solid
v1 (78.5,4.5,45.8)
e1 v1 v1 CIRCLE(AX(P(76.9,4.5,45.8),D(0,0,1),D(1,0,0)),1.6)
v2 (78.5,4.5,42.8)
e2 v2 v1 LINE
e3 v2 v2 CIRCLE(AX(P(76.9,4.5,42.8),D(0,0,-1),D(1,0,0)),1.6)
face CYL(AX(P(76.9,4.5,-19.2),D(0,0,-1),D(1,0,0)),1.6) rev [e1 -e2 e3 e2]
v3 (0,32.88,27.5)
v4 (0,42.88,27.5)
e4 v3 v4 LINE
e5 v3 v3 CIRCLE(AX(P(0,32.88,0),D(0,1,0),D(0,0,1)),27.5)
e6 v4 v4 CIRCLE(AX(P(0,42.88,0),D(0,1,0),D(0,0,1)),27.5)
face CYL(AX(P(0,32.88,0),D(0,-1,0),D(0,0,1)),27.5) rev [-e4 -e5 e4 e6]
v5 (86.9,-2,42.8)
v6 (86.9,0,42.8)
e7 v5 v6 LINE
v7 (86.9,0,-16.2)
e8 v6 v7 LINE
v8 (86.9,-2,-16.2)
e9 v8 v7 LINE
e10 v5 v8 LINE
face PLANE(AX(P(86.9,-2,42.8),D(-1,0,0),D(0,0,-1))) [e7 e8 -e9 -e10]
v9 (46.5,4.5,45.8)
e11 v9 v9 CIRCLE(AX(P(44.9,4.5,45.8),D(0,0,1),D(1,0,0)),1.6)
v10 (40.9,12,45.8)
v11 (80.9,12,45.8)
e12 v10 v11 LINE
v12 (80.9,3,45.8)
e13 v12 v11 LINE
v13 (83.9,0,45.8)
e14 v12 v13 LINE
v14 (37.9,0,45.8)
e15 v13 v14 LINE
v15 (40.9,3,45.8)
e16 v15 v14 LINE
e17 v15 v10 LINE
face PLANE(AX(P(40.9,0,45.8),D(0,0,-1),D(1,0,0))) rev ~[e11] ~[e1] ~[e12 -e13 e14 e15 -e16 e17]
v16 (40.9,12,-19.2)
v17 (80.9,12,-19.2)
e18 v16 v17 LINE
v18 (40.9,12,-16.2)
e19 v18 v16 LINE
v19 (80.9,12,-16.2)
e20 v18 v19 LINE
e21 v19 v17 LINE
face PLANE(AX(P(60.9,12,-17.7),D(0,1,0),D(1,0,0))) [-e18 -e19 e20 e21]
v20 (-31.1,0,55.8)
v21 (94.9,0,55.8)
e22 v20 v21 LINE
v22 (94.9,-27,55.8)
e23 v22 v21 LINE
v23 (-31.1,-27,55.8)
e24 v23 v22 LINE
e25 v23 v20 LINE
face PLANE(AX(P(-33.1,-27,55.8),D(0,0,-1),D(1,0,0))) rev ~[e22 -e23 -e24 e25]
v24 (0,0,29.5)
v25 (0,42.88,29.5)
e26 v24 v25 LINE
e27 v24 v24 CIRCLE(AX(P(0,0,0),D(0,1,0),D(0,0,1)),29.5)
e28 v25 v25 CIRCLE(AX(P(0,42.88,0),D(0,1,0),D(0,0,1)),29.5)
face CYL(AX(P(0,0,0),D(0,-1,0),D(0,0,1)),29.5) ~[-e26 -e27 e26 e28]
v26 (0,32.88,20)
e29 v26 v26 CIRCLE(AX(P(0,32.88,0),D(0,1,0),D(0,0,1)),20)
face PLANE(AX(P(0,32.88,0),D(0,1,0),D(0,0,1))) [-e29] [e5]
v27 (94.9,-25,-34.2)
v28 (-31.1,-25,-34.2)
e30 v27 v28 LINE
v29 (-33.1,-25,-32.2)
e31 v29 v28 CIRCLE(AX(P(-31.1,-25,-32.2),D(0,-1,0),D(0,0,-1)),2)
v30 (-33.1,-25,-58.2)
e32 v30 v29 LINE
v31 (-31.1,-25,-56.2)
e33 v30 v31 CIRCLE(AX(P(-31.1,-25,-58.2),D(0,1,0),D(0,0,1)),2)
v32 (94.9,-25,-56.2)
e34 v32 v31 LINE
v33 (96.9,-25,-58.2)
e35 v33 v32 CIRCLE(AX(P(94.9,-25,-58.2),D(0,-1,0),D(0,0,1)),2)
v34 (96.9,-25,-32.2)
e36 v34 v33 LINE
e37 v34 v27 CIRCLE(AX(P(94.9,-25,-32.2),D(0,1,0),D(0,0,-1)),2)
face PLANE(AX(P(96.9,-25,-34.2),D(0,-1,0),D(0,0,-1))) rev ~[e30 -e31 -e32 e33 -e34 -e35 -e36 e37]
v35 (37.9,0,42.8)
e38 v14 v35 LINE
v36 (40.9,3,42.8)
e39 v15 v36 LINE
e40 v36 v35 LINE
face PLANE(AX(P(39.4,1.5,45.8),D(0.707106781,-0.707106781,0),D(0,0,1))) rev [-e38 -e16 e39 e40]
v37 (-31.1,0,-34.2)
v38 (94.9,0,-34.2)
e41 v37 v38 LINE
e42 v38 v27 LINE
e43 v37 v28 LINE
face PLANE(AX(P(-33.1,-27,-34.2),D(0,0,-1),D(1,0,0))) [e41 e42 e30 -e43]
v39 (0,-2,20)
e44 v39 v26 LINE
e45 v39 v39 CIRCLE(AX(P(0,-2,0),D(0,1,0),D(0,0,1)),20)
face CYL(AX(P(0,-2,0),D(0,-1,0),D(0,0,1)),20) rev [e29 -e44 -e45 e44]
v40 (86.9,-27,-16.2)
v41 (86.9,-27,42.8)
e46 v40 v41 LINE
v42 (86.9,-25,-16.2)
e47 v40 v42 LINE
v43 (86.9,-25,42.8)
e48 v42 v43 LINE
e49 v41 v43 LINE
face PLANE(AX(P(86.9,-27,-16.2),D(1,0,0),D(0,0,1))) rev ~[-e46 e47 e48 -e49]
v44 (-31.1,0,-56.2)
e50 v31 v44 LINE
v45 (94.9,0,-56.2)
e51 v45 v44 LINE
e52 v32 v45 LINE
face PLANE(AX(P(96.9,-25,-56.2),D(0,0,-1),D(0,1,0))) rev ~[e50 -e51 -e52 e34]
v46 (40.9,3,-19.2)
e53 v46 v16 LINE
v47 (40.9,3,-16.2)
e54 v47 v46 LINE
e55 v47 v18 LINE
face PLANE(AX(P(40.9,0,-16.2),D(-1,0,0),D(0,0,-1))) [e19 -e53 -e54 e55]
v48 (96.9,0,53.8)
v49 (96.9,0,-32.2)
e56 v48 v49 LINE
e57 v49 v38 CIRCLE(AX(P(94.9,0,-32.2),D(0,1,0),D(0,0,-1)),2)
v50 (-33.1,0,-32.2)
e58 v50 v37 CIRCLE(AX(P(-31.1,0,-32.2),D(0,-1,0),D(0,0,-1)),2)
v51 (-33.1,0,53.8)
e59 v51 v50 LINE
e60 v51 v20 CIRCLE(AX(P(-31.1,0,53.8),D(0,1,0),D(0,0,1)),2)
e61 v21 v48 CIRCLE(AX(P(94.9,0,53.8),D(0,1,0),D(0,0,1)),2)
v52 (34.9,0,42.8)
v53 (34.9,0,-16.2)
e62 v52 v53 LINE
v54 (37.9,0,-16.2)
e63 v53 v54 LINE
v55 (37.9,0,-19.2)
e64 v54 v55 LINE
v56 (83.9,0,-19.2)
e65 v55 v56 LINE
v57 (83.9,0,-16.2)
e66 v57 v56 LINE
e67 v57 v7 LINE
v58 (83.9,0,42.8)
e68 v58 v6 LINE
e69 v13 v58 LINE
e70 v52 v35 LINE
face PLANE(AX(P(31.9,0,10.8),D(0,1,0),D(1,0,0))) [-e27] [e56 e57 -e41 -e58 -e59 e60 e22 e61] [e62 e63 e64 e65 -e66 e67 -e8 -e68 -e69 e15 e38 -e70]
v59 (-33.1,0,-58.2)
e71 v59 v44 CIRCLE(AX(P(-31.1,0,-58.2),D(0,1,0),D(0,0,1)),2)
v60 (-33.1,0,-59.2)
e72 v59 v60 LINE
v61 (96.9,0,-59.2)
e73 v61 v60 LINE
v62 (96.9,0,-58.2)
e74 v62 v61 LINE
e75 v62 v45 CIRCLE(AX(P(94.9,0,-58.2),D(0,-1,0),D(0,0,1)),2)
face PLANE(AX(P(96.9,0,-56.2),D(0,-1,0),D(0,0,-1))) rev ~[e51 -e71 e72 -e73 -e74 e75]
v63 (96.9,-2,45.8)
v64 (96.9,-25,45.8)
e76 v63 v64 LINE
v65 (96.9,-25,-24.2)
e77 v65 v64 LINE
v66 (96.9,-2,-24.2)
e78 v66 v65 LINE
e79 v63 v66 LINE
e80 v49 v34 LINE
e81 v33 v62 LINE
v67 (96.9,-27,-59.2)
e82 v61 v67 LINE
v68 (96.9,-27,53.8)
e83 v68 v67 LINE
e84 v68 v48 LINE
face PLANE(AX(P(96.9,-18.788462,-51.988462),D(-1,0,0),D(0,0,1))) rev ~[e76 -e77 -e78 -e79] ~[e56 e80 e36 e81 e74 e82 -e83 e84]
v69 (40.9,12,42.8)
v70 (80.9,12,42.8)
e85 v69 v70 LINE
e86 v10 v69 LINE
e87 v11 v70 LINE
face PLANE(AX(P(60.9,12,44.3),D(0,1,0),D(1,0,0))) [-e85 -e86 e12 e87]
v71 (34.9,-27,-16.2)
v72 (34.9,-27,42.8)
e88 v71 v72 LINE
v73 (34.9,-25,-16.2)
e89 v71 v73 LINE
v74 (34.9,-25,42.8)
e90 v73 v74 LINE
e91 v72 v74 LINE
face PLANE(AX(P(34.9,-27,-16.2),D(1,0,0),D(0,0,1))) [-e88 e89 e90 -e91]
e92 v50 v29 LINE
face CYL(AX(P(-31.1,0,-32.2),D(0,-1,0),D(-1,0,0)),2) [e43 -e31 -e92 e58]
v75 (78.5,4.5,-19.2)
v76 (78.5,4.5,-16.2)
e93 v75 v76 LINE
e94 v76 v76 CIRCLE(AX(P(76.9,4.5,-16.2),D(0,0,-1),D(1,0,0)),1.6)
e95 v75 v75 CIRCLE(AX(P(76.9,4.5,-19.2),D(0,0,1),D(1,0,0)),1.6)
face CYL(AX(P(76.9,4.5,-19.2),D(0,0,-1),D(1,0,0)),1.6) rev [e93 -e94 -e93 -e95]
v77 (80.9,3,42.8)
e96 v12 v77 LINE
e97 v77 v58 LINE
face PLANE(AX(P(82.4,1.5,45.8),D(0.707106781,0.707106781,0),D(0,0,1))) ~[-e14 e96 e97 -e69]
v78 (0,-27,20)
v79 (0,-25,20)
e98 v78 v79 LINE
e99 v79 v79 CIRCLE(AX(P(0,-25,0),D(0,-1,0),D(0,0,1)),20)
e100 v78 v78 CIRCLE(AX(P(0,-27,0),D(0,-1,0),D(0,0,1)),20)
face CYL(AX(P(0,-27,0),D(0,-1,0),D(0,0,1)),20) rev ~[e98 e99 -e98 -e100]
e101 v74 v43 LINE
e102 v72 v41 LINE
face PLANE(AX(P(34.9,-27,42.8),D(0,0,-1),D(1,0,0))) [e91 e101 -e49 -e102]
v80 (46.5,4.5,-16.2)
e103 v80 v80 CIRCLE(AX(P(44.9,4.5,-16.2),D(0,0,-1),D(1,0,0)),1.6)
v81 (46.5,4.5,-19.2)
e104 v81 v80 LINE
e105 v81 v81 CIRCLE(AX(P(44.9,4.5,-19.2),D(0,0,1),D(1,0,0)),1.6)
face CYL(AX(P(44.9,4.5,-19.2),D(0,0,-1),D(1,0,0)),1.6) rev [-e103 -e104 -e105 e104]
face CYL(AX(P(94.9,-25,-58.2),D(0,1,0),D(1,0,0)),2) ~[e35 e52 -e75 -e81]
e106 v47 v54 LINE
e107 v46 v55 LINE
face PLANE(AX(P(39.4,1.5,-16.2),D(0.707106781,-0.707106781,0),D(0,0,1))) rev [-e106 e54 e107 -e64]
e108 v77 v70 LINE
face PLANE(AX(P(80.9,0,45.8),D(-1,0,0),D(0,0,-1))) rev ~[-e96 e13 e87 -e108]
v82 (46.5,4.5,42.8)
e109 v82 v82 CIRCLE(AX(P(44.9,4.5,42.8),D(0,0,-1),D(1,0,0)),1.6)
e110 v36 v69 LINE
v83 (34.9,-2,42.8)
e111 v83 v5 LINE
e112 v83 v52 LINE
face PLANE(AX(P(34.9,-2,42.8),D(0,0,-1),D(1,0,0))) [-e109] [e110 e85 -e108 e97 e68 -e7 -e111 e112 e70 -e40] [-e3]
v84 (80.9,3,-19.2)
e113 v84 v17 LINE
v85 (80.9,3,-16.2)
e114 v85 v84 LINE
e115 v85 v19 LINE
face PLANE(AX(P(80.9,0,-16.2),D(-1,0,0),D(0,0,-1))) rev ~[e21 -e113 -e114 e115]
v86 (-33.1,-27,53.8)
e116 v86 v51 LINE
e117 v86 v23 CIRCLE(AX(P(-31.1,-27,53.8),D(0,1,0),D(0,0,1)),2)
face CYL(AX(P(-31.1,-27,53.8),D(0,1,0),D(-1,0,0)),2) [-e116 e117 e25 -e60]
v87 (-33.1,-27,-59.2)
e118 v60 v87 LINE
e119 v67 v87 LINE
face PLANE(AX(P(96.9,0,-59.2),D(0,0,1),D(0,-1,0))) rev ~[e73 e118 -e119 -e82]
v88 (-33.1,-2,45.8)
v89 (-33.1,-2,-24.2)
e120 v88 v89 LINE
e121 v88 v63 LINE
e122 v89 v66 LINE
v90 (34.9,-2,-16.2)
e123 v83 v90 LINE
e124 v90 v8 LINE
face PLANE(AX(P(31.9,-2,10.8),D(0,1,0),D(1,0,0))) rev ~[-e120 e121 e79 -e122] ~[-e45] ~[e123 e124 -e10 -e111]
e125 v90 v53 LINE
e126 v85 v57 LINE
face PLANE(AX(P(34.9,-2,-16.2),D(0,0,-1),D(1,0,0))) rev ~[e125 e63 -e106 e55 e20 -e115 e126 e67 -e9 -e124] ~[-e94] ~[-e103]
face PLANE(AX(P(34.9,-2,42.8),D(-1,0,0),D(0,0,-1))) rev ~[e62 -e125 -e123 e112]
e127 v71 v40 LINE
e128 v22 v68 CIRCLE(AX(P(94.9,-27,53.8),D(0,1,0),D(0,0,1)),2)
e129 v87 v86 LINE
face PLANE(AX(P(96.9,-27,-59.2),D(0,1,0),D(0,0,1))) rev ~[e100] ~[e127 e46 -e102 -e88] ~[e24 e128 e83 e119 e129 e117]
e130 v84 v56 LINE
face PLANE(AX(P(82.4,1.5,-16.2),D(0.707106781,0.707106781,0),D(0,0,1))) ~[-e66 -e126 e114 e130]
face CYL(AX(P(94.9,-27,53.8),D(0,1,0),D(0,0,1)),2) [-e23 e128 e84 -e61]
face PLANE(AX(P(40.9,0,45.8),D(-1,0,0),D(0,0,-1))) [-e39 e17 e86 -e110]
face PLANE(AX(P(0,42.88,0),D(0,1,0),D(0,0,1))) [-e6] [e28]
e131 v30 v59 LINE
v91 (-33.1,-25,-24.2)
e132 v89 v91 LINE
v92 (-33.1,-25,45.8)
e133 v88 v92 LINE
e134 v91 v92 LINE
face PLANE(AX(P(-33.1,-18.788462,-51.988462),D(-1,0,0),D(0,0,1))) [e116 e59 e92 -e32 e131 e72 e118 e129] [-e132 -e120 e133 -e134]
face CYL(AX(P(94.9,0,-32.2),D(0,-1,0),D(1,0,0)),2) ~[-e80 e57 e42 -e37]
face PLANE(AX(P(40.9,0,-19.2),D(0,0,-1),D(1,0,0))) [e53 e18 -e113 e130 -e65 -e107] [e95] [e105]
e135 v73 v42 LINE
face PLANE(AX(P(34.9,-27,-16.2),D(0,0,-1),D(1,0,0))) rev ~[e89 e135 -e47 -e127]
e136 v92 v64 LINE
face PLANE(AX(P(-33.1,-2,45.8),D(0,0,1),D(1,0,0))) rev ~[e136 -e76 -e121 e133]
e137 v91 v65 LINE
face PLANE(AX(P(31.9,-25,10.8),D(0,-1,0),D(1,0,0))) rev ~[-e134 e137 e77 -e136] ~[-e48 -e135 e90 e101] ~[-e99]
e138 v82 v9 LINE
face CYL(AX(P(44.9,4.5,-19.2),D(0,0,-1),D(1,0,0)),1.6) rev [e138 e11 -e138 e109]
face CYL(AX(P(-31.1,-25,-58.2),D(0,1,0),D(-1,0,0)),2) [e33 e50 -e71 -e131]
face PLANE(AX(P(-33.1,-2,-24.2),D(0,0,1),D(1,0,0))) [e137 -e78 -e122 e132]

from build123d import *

# Parameters (mm, degrees)
SKETCH1_R             = 29.5
SKETCH1_R_2           = 20
BOSS_EXTRUDE1_DEPTH   = 42.88
CUT_EXTRUDE1_START    = -10
SKETCH2_R             = 27.5
SKETCH2_R_2           = 20
CUT_EXTRUDE1_DEPTH    = 10
SKETCH4_W             = 40
SKETCH4_H             = 3
BOSS_EXTRUDE2_DEPTH   = 12
BOSS_EXTRUDE2_2_DEPTH = 12
CUT_EXTRUDE2_START    = -65
SKETCH5_R             = 1.6
CUT_EXTRUDE2_DEPTH    = 65
BOSS_EXTRUDE3_START   = -2
SKETCH6_W             = 130
SKETCH6_H             = 90
SKETCH6_R             = 20
SKETCH6_W_2           = 52
SKETCH6_H_2           = 59
BOSS_EXTRUDE3_DEPTH   = 2
SKETCH8_W             = 130
SKETCH8_H             = 10
BOSS_EXTRUDE4_DEPTH   = 23
BOSS_EXTRUDE5_START   = 2
SKETCH9_W             = 130
SKETCH9_H             = 90
SKETCH9_R             = 20
SKETCH9_W_2           = 52
SKETCH9_H_2           = 59
BOSS_EXTRUDE5_DEPTH   = 2
CHAMFER1_SIZE         = 3
BOSS_EXTRUDE6_DEPTH   = 130
FILLET1_R             = 2


with BuildPart() as part:
    # Sketch1 → Boss-Extrude1 (new body)
    with BuildSketch(Plane(origin=(0, 0, 0), x_dir=(1, 0, 0), z_dir=(0, 1, 0))):
        with Locations(Location((0, 0, 0), (0, 0, 270))):
            Circle(SKETCH1_R)
        with Locations(Location((0, 0, 0), (0, 0, 270))):
            Circle(SKETCH1_R_2, mode=Mode.SUBTRACT)
    extrude(amount=BOSS_EXTRUDE1_DEPTH)

    # Sketch2 → Cut-Extrude1 (cut)
    with BuildSketch(Plane(origin=(0, 42.88, 0), x_dir=(1, 0, 0), z_dir=(0, 1, 0)).offset(CUT_EXTRUDE1_START)):
        with Locations(Location((0, 0, 0), (0, 0, 270))):
            Circle(SKETCH2_R)
        with Locations(Location((0, 0, 0), (0, 0, 270))):
            Circle(SKETCH2_R_2, mode=Mode.SUBTRACT)
    extrude(amount=CUT_EXTRUDE1_DEPTH, mode=Mode.SUBTRACT)



with BuildPart() as body_2:
    # Sketch4 → Boss-Extrude2 (new body)
    with BuildSketch(Plane(origin=(0, 0, 0), x_dir=(1, 0, 0), z_dir=(0, 1, 0))):
        with Locations((60.9, 17.7)):
            Rectangle(SKETCH4_W, SKETCH4_H)
    extrude(amount=BOSS_EXTRUDE2_DEPTH)


with BuildPart() as body_3:
    # Sketch4 → Boss-Extrude2 2 (new body)
    with BuildSketch(Plane(origin=(0, 0, 0), x_dir=(1, 0, 0), z_dir=(0, 1, 0))):
        with Locations((60.9, -44.3)):
            Rectangle(SKETCH4_W, SKETCH4_H)
    extrude(amount=BOSS_EXTRUDE2_2_DEPTH)


with BuildPart() as cut_extrude2_tool:
    # Sketch5 → Cut-Extrude2 (new body)
    with BuildSketch(Plane.XY.offset(45.8).offset(CUT_EXTRUDE2_START)):
        with Locations((44.9, 4.5)):
            Circle(SKETCH5_R)
        with Locations((76.9, 4.5)):
            Circle(SKETCH5_R)
    extrude(amount=CUT_EXTRUDE2_DEPTH)


with BuildPart() as body_2_1:
    add(body_2.part)

    # Cut-Extrude2: cut by cut_extrude2_tool
    add(cut_extrude2_tool.part, mode=Mode.SUBTRACT)


with BuildPart() as body_3_1:
    add(body_3.part)

    # Cut-Extrude2: cut by cut_extrude2_tool
    add(cut_extrude2_tool.part, mode=Mode.SUBTRACT)


with BuildPart() as part_1:
    add(part.part)

    add(body_2_1.part)  # Boss-Extrude3 merges body 2

    add(body_3_1.part)  # Boss-Extrude3 merges body 3
    # Sketch6 → Boss-Extrude3 (add)
    with BuildSketch(Plane(origin=(0, 0, 0), x_dir=(1, 0, 0), z_dir=(0, 1, 0)).offset(BOSS_EXTRUDE3_START)):
        with Locations((31.9, -10.8)):
            Rectangle(SKETCH6_W, SKETCH6_H)
        with Locations(Location((0, 0, 0), (0, 0, 270))):
            Circle(SKETCH6_R, mode=Mode.SUBTRACT)
        with Locations((60.9, -13.3)):
            Rectangle(SKETCH6_W_2, SKETCH6_H_2, mode=Mode.SUBTRACT)
    extrude(amount=BOSS_EXTRUDE3_DEPTH)

    # Sketch8 → Boss-Extrude4 (add)
    with BuildSketch(Plane.XZ.offset(2)):
        with Locations((31.9, 50.8)):
            Rectangle(SKETCH8_W, SKETCH8_H)
        with Locations((31.9, -29.2)):
            Rectangle(SKETCH8_W, SKETCH8_H)
    extrude(amount=BOSS_EXTRUDE4_DEPTH)

    # Sketch9 → Boss-Extrude5 (add)
    with BuildSketch(Plane.XZ.offset(25).offset(BOSS_EXTRUDE5_START)):
        with Locations((31.9, 10.8)):
            Rectangle(SKETCH9_W, SKETCH9_H)
        with Locations(Location((0, 0, 0), (0, 0, 90))):
            Circle(SKETCH9_R, mode=Mode.SUBTRACT)
        with Locations((60.9, 13.3)):
            Rectangle(SKETCH9_W_2, SKETCH9_H_2, mode=Mode.SUBTRACT)
    extrude(amount=-BOSS_EXTRUDE5_DEPTH)

    # Chamfer1
    chamfer1_edges = [part_1.edges().sort_by_distance(p)[0] for p in [
        (40.9, 0, -17.7),
        (80.9, 0, -17.7),
        (40.9, 0, 44.3),
        (80.9, 0, 44.3),
    ]]
    chamfer(chamfer1_edges, length=CHAMFER1_SIZE)

    # Sketch11 → Boss-Extrude6 (add)
    with BuildSketch(Plane(origin=(96.9, 0, 0), x_dir=(0, 0, -1), z_dir=(1, 0, 0))):
        Polygon((34.2, -27), (34.2, -25), (56.2, -25), (56.2, 0), (59.2, 0), (59.2, -27), align=None)
    extrude(amount=-BOSS_EXTRUDE6_DEPTH)

    # Fillet1
    fillet1_edges = [part_1.edges().sort_by_distance(p)[0] for p in [
        (96.9, -12.5, -34.2),
        (-33.1, -12.5, -34.2),
        (96.9, -12.5, -56.2),
        (-33.1, -13.5, 55.8),
        (-33.1, -12.5, -56.2),
        (96.9, -13.5, 55.8),
    ]]
    fillet(fillet1_edges, radius=FILLET1_R)


solid = part_1.part
